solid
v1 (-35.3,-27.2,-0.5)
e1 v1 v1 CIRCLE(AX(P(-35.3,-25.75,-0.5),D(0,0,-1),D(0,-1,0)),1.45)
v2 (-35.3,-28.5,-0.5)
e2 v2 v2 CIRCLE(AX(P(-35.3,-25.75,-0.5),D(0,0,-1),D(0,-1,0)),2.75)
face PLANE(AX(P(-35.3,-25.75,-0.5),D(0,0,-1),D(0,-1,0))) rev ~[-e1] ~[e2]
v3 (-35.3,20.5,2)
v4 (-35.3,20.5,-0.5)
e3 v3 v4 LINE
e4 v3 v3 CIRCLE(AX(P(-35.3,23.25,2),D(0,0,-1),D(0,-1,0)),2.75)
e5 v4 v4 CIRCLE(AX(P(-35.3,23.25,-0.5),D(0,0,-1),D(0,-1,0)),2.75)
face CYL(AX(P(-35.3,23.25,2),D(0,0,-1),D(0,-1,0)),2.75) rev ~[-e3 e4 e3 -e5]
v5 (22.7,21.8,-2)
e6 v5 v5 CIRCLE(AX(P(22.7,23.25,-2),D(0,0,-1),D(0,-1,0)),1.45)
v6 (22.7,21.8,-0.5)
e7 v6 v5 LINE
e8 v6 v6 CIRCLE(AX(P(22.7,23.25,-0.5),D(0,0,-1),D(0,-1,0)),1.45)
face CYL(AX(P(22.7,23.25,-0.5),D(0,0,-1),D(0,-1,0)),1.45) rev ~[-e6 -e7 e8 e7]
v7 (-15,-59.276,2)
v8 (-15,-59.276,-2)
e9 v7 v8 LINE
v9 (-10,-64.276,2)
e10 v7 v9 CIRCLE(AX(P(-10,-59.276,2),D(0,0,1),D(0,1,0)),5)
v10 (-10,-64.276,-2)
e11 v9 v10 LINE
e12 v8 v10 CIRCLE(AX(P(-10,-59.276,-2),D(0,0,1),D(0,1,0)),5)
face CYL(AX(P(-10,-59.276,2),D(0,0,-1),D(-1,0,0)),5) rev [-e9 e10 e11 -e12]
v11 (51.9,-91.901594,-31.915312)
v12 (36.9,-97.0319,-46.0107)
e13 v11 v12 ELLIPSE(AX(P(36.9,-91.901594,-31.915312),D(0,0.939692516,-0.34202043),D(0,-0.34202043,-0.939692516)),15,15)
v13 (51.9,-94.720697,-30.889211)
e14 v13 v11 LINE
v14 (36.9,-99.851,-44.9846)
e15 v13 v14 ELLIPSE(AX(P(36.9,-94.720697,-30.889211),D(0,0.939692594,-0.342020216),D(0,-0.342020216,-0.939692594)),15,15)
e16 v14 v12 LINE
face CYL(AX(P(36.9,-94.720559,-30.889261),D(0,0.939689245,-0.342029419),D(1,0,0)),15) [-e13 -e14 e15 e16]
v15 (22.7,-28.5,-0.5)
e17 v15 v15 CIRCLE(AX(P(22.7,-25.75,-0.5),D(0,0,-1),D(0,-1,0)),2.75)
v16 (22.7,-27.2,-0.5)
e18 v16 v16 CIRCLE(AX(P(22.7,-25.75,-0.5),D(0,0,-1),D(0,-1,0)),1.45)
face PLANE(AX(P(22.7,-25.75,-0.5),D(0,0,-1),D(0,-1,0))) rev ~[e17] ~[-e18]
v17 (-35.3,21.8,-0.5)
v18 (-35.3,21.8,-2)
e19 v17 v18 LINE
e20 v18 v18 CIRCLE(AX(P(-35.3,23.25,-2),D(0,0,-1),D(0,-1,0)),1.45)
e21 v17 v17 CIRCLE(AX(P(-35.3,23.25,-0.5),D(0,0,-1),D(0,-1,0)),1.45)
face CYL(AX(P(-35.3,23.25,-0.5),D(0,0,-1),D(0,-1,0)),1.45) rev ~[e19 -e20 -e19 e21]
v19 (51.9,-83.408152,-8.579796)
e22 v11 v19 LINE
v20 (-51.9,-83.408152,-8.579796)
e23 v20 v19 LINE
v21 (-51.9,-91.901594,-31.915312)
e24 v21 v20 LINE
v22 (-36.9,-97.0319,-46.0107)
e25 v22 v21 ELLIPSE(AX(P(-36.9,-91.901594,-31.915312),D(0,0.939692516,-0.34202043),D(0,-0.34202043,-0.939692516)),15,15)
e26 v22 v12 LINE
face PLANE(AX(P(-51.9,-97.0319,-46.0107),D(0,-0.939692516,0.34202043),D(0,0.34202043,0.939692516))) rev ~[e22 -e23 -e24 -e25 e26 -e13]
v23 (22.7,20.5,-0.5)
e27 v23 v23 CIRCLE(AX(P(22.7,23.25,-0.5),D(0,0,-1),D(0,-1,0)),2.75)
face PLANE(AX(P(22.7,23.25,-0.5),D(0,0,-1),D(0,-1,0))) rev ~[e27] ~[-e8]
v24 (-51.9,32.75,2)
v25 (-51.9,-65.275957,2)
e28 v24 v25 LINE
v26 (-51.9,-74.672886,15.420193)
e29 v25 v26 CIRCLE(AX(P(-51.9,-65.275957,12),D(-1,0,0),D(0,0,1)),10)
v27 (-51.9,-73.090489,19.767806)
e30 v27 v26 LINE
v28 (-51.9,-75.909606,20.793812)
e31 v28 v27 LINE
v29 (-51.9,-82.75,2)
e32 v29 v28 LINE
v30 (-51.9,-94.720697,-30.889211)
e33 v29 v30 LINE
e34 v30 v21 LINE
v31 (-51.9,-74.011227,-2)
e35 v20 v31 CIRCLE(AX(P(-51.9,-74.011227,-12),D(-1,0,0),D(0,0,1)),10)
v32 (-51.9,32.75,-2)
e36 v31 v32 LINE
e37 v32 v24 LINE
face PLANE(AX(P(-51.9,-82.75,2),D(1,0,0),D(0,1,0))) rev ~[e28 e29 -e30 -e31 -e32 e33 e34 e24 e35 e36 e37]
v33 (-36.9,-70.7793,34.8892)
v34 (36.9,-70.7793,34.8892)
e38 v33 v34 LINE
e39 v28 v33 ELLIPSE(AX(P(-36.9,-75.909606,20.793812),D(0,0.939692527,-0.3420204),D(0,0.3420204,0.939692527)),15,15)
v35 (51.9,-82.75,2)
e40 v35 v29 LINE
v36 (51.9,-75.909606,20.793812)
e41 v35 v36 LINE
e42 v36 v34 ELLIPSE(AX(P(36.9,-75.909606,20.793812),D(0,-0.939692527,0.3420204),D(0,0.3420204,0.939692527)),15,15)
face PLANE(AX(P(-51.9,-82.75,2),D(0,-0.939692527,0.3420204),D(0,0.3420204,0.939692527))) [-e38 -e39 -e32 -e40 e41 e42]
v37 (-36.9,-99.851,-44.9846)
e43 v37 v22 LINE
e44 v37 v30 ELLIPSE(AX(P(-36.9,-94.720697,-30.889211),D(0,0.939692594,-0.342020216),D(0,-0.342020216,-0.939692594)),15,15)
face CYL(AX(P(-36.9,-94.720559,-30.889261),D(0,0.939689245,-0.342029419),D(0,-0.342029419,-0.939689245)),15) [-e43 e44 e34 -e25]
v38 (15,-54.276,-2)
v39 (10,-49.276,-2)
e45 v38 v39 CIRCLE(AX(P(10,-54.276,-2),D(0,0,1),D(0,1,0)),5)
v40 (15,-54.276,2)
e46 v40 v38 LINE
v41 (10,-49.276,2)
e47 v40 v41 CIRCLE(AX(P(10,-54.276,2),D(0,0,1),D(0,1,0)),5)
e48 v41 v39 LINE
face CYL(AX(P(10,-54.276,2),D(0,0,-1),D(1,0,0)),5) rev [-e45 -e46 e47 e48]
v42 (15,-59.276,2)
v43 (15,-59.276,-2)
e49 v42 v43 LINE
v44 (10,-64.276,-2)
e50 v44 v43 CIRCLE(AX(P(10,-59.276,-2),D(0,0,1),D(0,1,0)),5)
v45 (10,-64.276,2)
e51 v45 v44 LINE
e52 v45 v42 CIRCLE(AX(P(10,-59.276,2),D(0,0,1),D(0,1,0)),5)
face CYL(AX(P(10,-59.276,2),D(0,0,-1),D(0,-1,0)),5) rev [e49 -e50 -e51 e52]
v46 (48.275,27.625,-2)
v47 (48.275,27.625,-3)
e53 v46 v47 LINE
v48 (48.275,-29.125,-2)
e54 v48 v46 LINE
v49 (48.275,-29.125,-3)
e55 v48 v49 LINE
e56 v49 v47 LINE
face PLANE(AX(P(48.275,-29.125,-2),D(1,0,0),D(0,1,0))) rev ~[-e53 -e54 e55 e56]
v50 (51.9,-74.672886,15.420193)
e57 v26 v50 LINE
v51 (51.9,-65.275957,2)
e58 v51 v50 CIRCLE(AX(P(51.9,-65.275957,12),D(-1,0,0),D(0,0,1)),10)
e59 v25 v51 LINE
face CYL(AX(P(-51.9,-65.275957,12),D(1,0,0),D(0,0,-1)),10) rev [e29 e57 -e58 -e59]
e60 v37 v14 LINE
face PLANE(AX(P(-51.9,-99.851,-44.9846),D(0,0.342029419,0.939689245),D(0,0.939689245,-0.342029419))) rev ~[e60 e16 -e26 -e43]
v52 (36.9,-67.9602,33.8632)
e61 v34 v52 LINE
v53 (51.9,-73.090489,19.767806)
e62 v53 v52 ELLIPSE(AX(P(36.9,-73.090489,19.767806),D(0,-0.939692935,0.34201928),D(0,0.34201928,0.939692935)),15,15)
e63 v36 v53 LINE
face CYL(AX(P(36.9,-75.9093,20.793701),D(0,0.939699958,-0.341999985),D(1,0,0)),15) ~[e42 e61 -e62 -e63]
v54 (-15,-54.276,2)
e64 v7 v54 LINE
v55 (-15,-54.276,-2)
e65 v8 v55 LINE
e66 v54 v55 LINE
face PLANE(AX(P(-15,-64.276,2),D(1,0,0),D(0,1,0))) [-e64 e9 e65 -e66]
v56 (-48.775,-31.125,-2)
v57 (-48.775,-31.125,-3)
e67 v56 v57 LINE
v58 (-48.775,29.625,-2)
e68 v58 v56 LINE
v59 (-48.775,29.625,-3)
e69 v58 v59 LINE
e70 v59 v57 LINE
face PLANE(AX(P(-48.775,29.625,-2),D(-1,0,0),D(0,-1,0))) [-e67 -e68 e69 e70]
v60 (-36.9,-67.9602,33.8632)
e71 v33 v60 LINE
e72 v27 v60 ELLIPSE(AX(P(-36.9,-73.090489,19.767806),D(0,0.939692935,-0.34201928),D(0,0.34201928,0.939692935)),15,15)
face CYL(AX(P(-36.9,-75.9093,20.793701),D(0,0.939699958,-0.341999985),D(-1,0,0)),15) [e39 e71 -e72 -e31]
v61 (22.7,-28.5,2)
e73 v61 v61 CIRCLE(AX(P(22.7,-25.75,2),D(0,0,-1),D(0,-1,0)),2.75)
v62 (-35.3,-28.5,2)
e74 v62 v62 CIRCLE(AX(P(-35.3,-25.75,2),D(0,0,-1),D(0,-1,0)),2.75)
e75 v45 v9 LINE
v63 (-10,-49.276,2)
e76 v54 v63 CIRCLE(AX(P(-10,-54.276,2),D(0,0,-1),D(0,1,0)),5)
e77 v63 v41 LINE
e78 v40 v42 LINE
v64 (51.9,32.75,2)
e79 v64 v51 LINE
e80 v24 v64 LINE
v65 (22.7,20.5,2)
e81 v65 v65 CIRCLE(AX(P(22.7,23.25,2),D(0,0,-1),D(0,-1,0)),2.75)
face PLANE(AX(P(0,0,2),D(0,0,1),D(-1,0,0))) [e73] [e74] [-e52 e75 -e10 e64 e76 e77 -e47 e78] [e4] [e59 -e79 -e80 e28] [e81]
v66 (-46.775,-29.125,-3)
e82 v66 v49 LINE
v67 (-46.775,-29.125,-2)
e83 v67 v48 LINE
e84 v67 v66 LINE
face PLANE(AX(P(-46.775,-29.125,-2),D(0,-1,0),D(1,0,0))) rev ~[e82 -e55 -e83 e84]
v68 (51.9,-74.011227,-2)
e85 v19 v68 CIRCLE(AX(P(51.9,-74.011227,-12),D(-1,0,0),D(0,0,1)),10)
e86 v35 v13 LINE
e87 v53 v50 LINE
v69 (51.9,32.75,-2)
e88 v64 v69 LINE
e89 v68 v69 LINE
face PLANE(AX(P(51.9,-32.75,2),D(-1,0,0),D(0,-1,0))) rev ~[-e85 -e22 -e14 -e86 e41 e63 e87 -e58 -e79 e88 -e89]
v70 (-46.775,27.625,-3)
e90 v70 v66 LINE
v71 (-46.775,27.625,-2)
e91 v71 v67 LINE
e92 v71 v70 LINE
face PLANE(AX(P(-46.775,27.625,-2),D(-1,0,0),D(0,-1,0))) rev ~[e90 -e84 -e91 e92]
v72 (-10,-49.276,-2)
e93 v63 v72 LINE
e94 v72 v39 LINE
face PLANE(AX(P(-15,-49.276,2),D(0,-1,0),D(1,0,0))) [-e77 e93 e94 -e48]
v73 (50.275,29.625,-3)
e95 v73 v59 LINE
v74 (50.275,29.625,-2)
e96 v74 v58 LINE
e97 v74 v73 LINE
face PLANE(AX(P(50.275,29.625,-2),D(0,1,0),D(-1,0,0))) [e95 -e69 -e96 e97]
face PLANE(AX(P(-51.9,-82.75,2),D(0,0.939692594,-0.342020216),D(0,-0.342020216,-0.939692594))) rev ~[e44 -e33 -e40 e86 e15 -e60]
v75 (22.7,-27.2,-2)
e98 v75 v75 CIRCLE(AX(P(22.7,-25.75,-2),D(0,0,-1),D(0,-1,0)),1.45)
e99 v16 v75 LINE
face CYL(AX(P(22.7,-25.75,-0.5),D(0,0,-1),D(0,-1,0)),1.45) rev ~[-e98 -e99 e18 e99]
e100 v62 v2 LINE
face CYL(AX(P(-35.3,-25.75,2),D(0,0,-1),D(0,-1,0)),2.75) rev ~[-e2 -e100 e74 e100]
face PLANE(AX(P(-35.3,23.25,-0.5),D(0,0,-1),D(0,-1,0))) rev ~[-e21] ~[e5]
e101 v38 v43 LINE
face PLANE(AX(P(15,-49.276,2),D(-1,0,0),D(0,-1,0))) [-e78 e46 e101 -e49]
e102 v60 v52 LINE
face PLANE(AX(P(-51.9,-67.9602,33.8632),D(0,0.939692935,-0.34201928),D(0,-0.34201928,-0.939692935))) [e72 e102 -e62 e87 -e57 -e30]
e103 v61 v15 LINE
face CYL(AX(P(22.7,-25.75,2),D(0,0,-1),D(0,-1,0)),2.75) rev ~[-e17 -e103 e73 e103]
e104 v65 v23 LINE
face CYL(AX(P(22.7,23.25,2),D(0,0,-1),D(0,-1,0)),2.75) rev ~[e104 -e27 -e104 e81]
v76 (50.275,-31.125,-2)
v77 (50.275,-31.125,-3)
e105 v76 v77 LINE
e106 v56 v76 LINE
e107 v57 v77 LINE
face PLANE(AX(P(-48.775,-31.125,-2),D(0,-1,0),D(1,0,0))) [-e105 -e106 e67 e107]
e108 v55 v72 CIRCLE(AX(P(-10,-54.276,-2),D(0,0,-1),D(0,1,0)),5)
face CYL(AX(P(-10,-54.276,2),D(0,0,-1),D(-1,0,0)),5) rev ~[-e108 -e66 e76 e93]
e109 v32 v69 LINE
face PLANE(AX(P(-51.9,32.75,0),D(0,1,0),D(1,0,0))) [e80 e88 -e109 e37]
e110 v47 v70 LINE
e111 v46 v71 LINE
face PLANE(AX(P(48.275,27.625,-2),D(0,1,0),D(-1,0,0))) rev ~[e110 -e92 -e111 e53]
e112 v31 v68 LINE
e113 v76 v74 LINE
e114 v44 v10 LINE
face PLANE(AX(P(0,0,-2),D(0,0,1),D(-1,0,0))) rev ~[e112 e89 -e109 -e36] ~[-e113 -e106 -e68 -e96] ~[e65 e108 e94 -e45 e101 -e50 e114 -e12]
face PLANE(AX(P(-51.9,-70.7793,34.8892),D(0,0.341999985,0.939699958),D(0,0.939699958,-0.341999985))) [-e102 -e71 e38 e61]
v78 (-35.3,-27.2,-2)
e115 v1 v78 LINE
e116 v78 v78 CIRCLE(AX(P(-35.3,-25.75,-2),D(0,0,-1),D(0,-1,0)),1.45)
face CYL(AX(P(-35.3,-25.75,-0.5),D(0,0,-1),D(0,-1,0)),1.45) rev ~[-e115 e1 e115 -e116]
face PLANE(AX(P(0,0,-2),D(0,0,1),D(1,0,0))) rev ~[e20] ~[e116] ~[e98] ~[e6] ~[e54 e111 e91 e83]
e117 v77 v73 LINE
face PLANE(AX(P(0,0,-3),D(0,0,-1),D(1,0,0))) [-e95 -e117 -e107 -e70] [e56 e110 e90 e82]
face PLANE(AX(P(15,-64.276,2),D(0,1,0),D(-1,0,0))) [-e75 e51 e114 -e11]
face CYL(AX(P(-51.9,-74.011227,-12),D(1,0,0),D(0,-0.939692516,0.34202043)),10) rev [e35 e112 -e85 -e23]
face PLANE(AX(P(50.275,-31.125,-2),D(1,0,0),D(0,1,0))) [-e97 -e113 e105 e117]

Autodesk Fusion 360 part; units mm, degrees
sketch "Sketch1" plane through (0, 0, 0) normal (0, 0, 1) x (1, 0, 0)
  line L0 (-51.9, 32.75) -> (51.9, 32.75)
  line L1 (51.9, 32.75) -> (51.9, -32.75)
  line L2 (51.9, -32.75) -> (-51.9, -32.75)
  line L3 (-51.9, -32.75) -> (-51.9, 32.75)
  point P0 (0, 32.75)
  point P1 (51.9, 0)
  dimension "d1" = 103.8
  dimension "d2" = 65.5
extrude "Extrude1" add sketch "Sketch1" along normal mid plane 4
sketch "Sketch2" plane through (0, 0, 2) normal (0, 0, 1) x (-1, 0, 0)
  line L0 (51.9, 32.75) -> (-51.9, 32.75)
  line L1 (-51.9, 32.75) -> (-51.9, -32.75)
  line L2 (-51.9, -32.75) -> (51.9, -32.75)
  line L3 (51.9, -32.75) -> (51.9, 32.75)
  point P0 (35.3, -23.25)
  point P1 (-22.7, -23.25)
  point P2 (35.3, 25.75)
  point P3 (-22.7, 25.75)
  dimension "d5" = 9.5
  dimension "d6" = 16.6
  dimension "d7" = 58
  dimension "d8" = 49
hole "Hole1" at (-35.3, 23.25, 2) at (22.7, 23.25, 2) at (22.7, -25.75, 2) at (-35.3, -25.75, 2) direction (0, 0, -1) diameter 2.9 depth 12 tip angle 118 counterbore diameter 5.5 counterbore depth 2.5
sketch "Sketch3" plane through (0, 0, -2) normal (0, 0, -1) x (1, 0, 0)
  circle A0 centre (22.7, 25.75) radius 1.45
  circle A1 centre (-35.3, -23.25) radius 1.45
  circle A2 centre (22.7, -23.25) radius 1.45
  circle A3 centre (-35.3, 25.75) radius 1.45
  line L0 (51.9, 32.75) -> (-51.9, 32.75)
  line L1 (-51.9, 32.75) -> (-51.9, -32.75)
  line L2 (-51.9, -32.75) -> (51.9, -32.75)
  line L3 (51.9, -32.75) -> (51.9, 32.75)
  line L4 (-48.775, 31.125) -> (50.275, 31.125)
  line L5 (50.275, 31.125) -> (50.275, -29.625)
  line L6 (50.275, -29.625) -> (-48.775, -29.625)
  line L7 (-48.775, -29.625) -> (-48.775, 31.125)
  line L8 (-46.775, 29.125) -> (48.275, 29.125)
  line L9 (48.275, 29.125) -> (48.275, -27.625)
  line L10 (48.275, -27.625) -> (-46.775, -27.625)
  line L11 (-46.775, -27.625) -> (-46.775, 29.125)
  point P0 (0.75, 31.125)
  point P1 (0.75, 29.125)
  point P2 (50.275, 0.75)
  point P3 (48.275, 0.75)
  dimension "d14" = 2
  dimension "d15" = 2
  dimension "d16" = 99.05
  dimension "d17" = 60.75
  dimension "d41" = 3.125
  dimension "d42" = 1.625
extrude "Extrude2" add sketch "Sketch3" along normal blind 1 contours L4 L5 L6 L7
sketch "Sketch5" plane through (0, 0, 2) normal (0, 0, 1) x (-1, 0, 0)
  circle A0 centre (-22.7, 25.75) radius 2.75
  circle A1 centre (35.3, -23.25) radius 2.75
  circle A2 centre (-22.7, -23.25) radius 2.75
  circle A3 centre (35.3, 25.75) radius 2.75
  line L0 (51.9, 32.75) -> (-51.9, 32.75)
  line L1 (-51.9, 32.75) -> (-51.9, -32.75)
  line L2 (-51.9, -32.75) -> (51.9, -32.75)
  line L3 (51.9, -32.75) -> (51.9, 32.75)
  line L4 (51.9, 32.75) -> (-51.9, 32.75)
  line L5 (-51.9, 32.75) -> (-51.9, 82.75)
  line L6 (-51.9, 82.75) -> (51.9, 82.75)
  line L7 (51.9, 82.75) -> (51.9, 32.75)
  dimension "d20" = 50
extrude "Extrude3" add sketch "Sketch5" against normal up to surface (4 mm away) contours L0 L4 L5 L6 L7
sketch "Sketch7" plane through (-51.9, 0, 0) normal (-1, 0, 0) x (0, -1, 0)
  line L0 (82.75, 2) -> (-32.75, 2)
  line L1 (-32.75, 2) -> (-32.75, -2)
  line L2 (-32.75, -2) -> (82.75, -2)
  line L3 (82.75, -2) -> (82.75, 2)
  line L4 (82.75, 2) -> (99.851, -44.9846)
  line L5 (99.851, -44.9846) -> (97.0319, -46.0107)
  line L6 (97.0319, -46.0107) -> (81.0133, -2)
  line L7 (82.75, 2) -> (70.7793, 34.8892)
  line L8 (70.7793, 34.8892) -> (67.9602, 33.8632)
  line L9 (67.9602, 33.8632) -> (81.0133, -2)
  dimension "d23" = 70
  dimension "d24" = 50
  dimension "d27" = 3
  dimension "d28" = 35
extrude "Extrude4" add sketch "Sketch7" against normal up to surface (103.8 mm away) contours L2 L3 L4 L5 L6 | L0 L7 L8 L9
fillet "Fillet1" radius 15 4 edges at (-51.9, -69.3698, 34.3762) (51.9, -69.3698, 34.3762) (51.9, -98.4415, -45.4977) (-51.9, -98.4415, -45.4977)
fillet "Fillet2" radius 10 2 edges at (0, -81.0133, -2) (0, -79.5575, 2)
sketch "Sketch8" plane through (0, 0, 2) normal (0, 0, 1) x (-1, 0, 0)
  line L0 (51.9, 65.276) -> (-51.9, 65.276)
  line L1 (-51.9, 65.276) -> (-51.9, -32.75)
  line L2 (-51.9, -32.75) -> (51.9, -32.75)
  line L3 (51.9, -32.75) -> (51.9, 65.276)
  circle A0 centre (-22.7, 25.75) radius 2.75
  circle A1 centre (35.3, -23.25) radius 2.75
  circle A2 centre (-22.7, -23.25) radius 2.75
  circle A3 centre (35.3, 25.75) radius 2.75
  line L4 (15, 49.276) -> (-15, 49.276)
  line L5 (-15, 49.276) -> (-15, 64.276)
  line L6 (-15, 64.276) -> (15, 64.276)
  line L7 (15, 64.276) -> (15, 49.276)
  point P0 (0, 49.276)
  dimension "d33" = 1
  dimension "d34" = 15
  dimension "d35" = 30
extrude "Extrude5" cut sketch "Sketch8" against normal up to surface (4 mm away) contours L4 L5 L6 L7
fillet "Fillet3" radius 5 4 edges at (-15, -64.276, 0) (15, -64.276, 0) (15, -49.276, 0) (-15, -49.276, 0)
equation "d15 = d14"
equation "d16 = 99.30 mm - 0.25 mm"
equation "d17 = 61.00 mm - 0.25 mm"
equation "d41 = 3 mm + ( 0.25 / 2 ) * 1 mm"
equation "d42 = 1.5 mm + ( 0.25 / 2 ) * 1 mm"
